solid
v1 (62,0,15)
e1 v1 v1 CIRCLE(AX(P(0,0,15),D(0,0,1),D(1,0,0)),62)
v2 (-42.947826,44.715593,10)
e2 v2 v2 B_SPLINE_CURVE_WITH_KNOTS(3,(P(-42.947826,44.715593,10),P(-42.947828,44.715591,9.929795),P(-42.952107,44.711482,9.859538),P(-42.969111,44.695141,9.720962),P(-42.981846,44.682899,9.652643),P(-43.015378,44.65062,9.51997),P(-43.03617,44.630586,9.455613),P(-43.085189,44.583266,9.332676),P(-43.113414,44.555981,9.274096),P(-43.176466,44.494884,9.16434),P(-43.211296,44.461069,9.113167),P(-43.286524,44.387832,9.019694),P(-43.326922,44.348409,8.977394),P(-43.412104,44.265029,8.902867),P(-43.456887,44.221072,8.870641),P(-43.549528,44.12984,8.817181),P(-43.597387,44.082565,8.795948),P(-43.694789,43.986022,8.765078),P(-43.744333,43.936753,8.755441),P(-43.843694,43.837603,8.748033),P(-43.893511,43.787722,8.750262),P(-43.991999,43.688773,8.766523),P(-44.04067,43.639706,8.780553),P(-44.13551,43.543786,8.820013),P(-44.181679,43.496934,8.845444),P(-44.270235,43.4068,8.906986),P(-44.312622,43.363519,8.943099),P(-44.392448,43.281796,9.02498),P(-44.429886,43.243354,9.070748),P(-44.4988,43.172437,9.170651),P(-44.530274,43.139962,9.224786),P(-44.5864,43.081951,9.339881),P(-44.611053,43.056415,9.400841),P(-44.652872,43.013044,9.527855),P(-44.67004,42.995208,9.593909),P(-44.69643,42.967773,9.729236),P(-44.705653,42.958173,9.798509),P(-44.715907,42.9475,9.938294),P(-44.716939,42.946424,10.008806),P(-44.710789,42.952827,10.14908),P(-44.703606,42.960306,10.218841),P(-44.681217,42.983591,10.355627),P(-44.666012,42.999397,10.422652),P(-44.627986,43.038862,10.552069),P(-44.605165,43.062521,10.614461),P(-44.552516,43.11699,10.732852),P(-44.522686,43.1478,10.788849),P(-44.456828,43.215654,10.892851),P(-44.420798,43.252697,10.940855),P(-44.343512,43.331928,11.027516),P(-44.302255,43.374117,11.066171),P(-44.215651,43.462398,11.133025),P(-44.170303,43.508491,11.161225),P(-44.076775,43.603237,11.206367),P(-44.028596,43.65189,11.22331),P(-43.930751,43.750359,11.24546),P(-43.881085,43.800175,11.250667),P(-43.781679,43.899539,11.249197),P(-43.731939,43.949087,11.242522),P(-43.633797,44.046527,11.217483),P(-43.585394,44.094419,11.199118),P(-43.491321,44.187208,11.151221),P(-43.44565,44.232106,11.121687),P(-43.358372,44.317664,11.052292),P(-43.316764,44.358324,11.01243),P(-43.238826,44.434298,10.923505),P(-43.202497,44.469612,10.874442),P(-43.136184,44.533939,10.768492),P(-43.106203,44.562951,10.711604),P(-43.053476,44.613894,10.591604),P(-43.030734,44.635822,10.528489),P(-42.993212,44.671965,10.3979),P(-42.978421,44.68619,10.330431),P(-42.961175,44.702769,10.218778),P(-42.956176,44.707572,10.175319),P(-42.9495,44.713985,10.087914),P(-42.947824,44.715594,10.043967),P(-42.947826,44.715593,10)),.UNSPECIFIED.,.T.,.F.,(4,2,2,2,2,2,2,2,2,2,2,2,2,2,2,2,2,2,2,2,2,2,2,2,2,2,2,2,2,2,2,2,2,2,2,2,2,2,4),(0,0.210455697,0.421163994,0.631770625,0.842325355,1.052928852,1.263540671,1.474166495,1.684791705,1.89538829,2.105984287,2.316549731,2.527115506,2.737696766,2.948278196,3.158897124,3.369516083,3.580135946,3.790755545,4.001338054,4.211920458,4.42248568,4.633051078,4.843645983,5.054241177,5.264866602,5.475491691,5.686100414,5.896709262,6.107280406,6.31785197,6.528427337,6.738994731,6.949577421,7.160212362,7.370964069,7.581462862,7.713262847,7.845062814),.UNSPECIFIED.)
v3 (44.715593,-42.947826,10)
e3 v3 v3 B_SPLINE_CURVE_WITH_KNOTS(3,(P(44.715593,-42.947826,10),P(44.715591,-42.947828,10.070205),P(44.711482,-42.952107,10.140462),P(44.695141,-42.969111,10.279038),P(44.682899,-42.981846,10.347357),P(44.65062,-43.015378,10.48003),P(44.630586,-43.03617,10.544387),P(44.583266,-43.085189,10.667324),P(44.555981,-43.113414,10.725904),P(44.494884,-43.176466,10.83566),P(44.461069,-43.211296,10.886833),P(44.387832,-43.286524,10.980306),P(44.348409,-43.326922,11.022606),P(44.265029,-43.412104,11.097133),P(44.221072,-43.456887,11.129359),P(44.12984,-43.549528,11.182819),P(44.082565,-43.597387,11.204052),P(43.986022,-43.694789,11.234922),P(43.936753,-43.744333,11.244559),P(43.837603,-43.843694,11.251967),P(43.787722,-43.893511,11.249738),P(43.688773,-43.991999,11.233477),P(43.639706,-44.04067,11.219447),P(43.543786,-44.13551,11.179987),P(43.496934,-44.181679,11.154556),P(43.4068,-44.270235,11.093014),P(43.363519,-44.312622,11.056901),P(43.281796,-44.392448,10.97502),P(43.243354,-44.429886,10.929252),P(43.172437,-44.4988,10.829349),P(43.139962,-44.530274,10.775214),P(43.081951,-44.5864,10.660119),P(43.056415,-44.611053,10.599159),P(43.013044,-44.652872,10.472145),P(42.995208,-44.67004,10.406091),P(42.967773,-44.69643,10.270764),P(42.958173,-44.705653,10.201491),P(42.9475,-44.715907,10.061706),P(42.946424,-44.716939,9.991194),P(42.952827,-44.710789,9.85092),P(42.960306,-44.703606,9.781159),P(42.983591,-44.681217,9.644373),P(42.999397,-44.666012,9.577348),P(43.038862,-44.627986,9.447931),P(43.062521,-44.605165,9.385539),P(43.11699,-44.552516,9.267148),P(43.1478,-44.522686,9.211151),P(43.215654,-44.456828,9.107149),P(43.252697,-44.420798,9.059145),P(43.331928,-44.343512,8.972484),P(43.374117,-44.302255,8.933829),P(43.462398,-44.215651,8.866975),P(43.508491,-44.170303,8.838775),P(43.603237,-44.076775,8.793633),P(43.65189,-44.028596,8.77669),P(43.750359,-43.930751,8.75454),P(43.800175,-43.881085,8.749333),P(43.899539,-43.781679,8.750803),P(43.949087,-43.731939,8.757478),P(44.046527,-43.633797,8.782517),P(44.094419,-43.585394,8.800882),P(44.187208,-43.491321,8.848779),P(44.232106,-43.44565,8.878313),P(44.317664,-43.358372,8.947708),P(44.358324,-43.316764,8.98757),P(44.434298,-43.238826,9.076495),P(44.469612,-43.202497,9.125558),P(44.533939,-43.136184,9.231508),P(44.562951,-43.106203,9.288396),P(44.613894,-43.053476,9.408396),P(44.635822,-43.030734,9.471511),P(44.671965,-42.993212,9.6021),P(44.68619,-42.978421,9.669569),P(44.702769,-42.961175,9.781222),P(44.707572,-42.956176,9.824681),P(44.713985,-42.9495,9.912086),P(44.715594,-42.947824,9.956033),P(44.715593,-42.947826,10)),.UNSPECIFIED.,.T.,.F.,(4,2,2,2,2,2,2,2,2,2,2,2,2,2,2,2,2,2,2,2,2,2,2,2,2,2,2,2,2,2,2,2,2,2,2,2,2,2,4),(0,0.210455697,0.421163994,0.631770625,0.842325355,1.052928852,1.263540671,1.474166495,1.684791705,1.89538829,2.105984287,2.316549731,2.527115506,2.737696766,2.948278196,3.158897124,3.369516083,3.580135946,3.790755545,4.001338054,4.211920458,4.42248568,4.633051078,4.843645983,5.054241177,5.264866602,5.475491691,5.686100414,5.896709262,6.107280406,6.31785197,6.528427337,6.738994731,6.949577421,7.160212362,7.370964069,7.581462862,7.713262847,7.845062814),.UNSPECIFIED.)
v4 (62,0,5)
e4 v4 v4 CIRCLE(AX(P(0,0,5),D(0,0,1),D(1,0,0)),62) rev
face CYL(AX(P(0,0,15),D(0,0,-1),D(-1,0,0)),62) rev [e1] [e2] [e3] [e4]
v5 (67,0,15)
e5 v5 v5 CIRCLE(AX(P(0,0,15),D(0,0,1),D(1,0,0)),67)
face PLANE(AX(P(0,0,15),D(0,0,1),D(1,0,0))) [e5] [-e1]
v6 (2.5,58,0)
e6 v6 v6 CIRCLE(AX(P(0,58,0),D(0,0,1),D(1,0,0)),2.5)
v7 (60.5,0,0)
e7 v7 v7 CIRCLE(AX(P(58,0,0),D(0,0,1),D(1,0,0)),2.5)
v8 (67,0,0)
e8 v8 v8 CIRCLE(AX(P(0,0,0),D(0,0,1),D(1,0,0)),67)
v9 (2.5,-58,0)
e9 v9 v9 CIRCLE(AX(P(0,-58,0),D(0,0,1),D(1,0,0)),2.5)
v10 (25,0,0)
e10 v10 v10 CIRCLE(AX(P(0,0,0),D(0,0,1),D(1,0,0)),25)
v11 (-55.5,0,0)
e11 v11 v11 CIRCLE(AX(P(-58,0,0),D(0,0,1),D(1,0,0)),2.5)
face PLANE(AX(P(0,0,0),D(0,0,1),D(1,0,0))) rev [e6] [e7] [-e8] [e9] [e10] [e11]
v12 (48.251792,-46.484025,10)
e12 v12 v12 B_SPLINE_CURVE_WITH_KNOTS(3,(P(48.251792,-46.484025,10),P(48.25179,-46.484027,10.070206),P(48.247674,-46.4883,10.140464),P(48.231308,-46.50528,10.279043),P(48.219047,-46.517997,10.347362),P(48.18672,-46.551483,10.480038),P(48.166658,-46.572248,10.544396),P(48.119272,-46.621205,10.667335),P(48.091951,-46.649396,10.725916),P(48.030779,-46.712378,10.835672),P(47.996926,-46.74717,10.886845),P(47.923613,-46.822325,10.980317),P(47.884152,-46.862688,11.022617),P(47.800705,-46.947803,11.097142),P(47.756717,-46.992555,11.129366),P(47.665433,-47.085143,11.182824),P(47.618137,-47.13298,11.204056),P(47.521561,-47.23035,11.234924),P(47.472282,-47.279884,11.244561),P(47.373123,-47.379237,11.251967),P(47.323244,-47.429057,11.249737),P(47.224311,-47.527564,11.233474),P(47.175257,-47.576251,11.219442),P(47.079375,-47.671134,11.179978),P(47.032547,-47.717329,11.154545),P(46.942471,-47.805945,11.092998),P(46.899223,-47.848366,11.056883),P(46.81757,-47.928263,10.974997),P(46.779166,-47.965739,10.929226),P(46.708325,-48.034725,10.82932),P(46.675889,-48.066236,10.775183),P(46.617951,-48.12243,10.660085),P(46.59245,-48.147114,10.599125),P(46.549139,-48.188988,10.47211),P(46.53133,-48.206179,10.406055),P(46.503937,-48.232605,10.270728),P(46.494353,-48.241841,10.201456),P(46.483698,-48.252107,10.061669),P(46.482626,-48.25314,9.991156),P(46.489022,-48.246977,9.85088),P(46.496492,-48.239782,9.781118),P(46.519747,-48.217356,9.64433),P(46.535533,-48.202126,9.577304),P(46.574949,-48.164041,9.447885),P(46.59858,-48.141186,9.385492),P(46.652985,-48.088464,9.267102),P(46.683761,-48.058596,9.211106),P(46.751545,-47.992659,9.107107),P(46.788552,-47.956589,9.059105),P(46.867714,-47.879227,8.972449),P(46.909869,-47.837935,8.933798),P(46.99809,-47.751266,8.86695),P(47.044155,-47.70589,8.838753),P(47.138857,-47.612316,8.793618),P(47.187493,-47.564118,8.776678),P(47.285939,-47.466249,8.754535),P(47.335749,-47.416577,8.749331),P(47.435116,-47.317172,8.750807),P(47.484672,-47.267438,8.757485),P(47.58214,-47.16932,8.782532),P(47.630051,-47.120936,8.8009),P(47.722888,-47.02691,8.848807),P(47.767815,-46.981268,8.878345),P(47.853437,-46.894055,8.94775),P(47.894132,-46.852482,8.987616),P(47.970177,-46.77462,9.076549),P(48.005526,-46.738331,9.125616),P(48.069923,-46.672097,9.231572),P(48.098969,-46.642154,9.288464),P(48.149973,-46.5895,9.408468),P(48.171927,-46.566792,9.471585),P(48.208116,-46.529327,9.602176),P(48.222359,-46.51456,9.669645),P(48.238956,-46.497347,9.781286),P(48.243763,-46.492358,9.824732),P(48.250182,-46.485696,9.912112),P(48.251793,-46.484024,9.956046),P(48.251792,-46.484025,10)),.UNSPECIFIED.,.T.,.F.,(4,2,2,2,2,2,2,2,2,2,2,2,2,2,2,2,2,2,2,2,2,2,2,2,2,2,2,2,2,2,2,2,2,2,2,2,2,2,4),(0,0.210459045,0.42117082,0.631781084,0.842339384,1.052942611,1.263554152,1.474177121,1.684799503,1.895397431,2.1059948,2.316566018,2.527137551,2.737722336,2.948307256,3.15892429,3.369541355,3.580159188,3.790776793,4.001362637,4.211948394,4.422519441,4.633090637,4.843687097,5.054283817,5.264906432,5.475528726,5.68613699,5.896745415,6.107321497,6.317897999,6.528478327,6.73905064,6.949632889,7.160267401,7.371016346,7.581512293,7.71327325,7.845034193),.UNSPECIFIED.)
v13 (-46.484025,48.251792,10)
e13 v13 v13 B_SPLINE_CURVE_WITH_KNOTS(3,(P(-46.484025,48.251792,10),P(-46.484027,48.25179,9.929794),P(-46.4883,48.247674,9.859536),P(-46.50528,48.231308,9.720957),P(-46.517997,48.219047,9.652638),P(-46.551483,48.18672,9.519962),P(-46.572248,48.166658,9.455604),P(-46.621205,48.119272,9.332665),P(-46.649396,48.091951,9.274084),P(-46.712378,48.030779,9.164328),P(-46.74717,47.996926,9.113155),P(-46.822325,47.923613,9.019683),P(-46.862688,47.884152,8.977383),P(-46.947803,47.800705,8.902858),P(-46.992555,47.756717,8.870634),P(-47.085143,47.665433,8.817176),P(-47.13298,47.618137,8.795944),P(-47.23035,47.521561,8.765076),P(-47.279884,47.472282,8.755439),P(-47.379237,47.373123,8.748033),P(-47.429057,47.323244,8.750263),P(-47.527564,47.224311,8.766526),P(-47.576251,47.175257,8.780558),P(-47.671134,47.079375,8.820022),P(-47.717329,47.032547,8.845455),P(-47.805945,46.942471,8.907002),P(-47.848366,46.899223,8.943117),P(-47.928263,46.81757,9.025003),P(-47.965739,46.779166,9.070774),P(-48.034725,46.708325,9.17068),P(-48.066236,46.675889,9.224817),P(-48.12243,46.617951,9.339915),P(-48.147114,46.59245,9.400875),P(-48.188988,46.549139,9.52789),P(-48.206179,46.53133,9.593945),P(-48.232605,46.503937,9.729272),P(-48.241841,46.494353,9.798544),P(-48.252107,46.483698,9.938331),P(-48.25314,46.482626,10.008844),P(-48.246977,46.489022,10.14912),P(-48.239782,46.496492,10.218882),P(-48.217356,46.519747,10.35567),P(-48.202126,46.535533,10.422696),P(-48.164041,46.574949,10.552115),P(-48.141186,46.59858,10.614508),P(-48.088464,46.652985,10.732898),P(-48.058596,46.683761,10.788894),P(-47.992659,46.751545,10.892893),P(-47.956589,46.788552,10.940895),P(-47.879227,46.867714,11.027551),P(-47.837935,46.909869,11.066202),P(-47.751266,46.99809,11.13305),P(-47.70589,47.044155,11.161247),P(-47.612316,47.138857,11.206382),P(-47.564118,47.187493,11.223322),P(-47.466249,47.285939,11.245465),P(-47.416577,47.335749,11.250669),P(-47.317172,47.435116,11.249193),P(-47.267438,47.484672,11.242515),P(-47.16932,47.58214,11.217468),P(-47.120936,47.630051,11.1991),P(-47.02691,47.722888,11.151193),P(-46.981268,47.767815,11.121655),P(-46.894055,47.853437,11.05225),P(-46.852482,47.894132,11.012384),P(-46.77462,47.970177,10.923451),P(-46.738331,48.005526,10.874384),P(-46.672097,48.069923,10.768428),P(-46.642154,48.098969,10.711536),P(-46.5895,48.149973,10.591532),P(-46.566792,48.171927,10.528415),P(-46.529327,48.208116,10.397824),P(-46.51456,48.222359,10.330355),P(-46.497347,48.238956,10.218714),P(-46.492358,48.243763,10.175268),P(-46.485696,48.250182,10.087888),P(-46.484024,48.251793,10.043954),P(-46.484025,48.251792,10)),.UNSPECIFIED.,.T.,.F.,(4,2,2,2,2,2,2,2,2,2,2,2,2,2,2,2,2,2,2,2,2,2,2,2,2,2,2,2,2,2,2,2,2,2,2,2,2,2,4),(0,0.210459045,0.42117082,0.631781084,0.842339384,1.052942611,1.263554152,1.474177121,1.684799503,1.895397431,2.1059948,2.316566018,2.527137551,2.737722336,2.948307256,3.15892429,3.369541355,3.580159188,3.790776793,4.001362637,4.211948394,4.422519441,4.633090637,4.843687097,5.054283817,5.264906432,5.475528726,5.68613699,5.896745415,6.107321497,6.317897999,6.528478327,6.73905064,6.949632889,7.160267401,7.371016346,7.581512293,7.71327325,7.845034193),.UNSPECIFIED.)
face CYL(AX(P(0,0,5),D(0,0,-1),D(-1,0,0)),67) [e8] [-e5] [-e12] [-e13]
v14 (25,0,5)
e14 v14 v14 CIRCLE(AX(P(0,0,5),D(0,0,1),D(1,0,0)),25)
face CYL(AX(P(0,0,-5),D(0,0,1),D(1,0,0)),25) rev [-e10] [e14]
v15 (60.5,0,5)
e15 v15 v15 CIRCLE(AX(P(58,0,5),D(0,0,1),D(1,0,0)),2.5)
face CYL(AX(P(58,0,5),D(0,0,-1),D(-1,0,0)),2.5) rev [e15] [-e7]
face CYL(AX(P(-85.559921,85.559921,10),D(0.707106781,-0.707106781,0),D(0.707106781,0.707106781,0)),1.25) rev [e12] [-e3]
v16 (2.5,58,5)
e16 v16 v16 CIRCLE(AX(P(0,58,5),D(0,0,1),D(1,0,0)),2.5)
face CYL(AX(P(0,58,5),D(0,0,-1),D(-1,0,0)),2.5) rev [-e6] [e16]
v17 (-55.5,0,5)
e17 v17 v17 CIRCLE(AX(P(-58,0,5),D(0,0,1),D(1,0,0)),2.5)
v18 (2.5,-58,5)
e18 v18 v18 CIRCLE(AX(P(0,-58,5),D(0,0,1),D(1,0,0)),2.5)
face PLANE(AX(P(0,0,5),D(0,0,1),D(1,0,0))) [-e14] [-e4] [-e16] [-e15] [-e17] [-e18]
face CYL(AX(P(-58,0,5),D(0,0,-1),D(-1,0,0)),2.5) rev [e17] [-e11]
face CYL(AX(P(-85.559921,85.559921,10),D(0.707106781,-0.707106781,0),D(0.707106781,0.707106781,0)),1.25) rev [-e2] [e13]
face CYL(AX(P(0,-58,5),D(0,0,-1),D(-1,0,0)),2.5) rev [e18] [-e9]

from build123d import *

# Parameters (mm, degrees)
SKETCH1_R               = 67
SKETCH1_R_2             = 2.5
BOSS_EXTRUDE1_DEPTH     = 5
SKETCH3_R               = 25
CUT_EXTRUDE1_DEPTH      = 10
SKETCH4_R               = 67
SKETCH4_R_2             = 62
BOSS_EXTRUDE2_DEPTH     = 10
CUT_EXTRUDE4_DEPTH      = 121
CUT_EXTRUDE4_DEPTH_BACK = 121
SKETCH7_R               = 1.25


with BuildPart() as part:
    # Sketch1 → Boss-Extrude1 (new body)
    with BuildSketch(Plane.XY):
        Circle(SKETCH1_R)
        with Locations((0, 58)):
            Circle(SKETCH1_R_2, mode=Mode.SUBTRACT)
        with Locations((58, 0)):
            Circle(SKETCH1_R_2, mode=Mode.SUBTRACT)
        with Locations((0, -58)):
            Circle(SKETCH1_R_2, mode=Mode.SUBTRACT)
        with Locations((-58, 0)):
            Circle(SKETCH1_R_2, mode=Mode.SUBTRACT)
    extrude(amount=BOSS_EXTRUDE1_DEPTH)

    # Sketch3 → Cut-Extrude1 (cut)
    with BuildSketch(Plane.XY.offset(5)):
        Circle(SKETCH3_R)
    extrude(amount=-CUT_EXTRUDE1_DEPTH, mode=Mode.SUBTRACT)

    # Sketch4 → Boss-Extrude2 (add)
    with BuildSketch(Plane.XY.offset(5)):
        Circle(SKETCH4_R)
        Circle(SKETCH4_R_2, mode=Mode.SUBTRACT)
    extrude(amount=BOSS_EXTRUDE2_DEPTH)

    # Sketch7 → Cut-Extrude4 (cut, two sides: drawn at the far end of the back side and taken through both)
    with BuildSketch(Plane(origin=(0, 0, 0), x_dir=(0.7071067811865477, 0.7071067811865475, 0), z_dir=(-0.7071067811865475, 0.7071067811865477, 0)).offset(-CUT_EXTRUDE4_DEPTH_BACK)):
        with Locations((0, -10)):
            Circle(SKETCH7_R)
    extrude(amount=CUT_EXTRUDE4_DEPTH + CUT_EXTRUDE4_DEPTH_BACK, mode=Mode.SUBTRACT)


solid = part.part
